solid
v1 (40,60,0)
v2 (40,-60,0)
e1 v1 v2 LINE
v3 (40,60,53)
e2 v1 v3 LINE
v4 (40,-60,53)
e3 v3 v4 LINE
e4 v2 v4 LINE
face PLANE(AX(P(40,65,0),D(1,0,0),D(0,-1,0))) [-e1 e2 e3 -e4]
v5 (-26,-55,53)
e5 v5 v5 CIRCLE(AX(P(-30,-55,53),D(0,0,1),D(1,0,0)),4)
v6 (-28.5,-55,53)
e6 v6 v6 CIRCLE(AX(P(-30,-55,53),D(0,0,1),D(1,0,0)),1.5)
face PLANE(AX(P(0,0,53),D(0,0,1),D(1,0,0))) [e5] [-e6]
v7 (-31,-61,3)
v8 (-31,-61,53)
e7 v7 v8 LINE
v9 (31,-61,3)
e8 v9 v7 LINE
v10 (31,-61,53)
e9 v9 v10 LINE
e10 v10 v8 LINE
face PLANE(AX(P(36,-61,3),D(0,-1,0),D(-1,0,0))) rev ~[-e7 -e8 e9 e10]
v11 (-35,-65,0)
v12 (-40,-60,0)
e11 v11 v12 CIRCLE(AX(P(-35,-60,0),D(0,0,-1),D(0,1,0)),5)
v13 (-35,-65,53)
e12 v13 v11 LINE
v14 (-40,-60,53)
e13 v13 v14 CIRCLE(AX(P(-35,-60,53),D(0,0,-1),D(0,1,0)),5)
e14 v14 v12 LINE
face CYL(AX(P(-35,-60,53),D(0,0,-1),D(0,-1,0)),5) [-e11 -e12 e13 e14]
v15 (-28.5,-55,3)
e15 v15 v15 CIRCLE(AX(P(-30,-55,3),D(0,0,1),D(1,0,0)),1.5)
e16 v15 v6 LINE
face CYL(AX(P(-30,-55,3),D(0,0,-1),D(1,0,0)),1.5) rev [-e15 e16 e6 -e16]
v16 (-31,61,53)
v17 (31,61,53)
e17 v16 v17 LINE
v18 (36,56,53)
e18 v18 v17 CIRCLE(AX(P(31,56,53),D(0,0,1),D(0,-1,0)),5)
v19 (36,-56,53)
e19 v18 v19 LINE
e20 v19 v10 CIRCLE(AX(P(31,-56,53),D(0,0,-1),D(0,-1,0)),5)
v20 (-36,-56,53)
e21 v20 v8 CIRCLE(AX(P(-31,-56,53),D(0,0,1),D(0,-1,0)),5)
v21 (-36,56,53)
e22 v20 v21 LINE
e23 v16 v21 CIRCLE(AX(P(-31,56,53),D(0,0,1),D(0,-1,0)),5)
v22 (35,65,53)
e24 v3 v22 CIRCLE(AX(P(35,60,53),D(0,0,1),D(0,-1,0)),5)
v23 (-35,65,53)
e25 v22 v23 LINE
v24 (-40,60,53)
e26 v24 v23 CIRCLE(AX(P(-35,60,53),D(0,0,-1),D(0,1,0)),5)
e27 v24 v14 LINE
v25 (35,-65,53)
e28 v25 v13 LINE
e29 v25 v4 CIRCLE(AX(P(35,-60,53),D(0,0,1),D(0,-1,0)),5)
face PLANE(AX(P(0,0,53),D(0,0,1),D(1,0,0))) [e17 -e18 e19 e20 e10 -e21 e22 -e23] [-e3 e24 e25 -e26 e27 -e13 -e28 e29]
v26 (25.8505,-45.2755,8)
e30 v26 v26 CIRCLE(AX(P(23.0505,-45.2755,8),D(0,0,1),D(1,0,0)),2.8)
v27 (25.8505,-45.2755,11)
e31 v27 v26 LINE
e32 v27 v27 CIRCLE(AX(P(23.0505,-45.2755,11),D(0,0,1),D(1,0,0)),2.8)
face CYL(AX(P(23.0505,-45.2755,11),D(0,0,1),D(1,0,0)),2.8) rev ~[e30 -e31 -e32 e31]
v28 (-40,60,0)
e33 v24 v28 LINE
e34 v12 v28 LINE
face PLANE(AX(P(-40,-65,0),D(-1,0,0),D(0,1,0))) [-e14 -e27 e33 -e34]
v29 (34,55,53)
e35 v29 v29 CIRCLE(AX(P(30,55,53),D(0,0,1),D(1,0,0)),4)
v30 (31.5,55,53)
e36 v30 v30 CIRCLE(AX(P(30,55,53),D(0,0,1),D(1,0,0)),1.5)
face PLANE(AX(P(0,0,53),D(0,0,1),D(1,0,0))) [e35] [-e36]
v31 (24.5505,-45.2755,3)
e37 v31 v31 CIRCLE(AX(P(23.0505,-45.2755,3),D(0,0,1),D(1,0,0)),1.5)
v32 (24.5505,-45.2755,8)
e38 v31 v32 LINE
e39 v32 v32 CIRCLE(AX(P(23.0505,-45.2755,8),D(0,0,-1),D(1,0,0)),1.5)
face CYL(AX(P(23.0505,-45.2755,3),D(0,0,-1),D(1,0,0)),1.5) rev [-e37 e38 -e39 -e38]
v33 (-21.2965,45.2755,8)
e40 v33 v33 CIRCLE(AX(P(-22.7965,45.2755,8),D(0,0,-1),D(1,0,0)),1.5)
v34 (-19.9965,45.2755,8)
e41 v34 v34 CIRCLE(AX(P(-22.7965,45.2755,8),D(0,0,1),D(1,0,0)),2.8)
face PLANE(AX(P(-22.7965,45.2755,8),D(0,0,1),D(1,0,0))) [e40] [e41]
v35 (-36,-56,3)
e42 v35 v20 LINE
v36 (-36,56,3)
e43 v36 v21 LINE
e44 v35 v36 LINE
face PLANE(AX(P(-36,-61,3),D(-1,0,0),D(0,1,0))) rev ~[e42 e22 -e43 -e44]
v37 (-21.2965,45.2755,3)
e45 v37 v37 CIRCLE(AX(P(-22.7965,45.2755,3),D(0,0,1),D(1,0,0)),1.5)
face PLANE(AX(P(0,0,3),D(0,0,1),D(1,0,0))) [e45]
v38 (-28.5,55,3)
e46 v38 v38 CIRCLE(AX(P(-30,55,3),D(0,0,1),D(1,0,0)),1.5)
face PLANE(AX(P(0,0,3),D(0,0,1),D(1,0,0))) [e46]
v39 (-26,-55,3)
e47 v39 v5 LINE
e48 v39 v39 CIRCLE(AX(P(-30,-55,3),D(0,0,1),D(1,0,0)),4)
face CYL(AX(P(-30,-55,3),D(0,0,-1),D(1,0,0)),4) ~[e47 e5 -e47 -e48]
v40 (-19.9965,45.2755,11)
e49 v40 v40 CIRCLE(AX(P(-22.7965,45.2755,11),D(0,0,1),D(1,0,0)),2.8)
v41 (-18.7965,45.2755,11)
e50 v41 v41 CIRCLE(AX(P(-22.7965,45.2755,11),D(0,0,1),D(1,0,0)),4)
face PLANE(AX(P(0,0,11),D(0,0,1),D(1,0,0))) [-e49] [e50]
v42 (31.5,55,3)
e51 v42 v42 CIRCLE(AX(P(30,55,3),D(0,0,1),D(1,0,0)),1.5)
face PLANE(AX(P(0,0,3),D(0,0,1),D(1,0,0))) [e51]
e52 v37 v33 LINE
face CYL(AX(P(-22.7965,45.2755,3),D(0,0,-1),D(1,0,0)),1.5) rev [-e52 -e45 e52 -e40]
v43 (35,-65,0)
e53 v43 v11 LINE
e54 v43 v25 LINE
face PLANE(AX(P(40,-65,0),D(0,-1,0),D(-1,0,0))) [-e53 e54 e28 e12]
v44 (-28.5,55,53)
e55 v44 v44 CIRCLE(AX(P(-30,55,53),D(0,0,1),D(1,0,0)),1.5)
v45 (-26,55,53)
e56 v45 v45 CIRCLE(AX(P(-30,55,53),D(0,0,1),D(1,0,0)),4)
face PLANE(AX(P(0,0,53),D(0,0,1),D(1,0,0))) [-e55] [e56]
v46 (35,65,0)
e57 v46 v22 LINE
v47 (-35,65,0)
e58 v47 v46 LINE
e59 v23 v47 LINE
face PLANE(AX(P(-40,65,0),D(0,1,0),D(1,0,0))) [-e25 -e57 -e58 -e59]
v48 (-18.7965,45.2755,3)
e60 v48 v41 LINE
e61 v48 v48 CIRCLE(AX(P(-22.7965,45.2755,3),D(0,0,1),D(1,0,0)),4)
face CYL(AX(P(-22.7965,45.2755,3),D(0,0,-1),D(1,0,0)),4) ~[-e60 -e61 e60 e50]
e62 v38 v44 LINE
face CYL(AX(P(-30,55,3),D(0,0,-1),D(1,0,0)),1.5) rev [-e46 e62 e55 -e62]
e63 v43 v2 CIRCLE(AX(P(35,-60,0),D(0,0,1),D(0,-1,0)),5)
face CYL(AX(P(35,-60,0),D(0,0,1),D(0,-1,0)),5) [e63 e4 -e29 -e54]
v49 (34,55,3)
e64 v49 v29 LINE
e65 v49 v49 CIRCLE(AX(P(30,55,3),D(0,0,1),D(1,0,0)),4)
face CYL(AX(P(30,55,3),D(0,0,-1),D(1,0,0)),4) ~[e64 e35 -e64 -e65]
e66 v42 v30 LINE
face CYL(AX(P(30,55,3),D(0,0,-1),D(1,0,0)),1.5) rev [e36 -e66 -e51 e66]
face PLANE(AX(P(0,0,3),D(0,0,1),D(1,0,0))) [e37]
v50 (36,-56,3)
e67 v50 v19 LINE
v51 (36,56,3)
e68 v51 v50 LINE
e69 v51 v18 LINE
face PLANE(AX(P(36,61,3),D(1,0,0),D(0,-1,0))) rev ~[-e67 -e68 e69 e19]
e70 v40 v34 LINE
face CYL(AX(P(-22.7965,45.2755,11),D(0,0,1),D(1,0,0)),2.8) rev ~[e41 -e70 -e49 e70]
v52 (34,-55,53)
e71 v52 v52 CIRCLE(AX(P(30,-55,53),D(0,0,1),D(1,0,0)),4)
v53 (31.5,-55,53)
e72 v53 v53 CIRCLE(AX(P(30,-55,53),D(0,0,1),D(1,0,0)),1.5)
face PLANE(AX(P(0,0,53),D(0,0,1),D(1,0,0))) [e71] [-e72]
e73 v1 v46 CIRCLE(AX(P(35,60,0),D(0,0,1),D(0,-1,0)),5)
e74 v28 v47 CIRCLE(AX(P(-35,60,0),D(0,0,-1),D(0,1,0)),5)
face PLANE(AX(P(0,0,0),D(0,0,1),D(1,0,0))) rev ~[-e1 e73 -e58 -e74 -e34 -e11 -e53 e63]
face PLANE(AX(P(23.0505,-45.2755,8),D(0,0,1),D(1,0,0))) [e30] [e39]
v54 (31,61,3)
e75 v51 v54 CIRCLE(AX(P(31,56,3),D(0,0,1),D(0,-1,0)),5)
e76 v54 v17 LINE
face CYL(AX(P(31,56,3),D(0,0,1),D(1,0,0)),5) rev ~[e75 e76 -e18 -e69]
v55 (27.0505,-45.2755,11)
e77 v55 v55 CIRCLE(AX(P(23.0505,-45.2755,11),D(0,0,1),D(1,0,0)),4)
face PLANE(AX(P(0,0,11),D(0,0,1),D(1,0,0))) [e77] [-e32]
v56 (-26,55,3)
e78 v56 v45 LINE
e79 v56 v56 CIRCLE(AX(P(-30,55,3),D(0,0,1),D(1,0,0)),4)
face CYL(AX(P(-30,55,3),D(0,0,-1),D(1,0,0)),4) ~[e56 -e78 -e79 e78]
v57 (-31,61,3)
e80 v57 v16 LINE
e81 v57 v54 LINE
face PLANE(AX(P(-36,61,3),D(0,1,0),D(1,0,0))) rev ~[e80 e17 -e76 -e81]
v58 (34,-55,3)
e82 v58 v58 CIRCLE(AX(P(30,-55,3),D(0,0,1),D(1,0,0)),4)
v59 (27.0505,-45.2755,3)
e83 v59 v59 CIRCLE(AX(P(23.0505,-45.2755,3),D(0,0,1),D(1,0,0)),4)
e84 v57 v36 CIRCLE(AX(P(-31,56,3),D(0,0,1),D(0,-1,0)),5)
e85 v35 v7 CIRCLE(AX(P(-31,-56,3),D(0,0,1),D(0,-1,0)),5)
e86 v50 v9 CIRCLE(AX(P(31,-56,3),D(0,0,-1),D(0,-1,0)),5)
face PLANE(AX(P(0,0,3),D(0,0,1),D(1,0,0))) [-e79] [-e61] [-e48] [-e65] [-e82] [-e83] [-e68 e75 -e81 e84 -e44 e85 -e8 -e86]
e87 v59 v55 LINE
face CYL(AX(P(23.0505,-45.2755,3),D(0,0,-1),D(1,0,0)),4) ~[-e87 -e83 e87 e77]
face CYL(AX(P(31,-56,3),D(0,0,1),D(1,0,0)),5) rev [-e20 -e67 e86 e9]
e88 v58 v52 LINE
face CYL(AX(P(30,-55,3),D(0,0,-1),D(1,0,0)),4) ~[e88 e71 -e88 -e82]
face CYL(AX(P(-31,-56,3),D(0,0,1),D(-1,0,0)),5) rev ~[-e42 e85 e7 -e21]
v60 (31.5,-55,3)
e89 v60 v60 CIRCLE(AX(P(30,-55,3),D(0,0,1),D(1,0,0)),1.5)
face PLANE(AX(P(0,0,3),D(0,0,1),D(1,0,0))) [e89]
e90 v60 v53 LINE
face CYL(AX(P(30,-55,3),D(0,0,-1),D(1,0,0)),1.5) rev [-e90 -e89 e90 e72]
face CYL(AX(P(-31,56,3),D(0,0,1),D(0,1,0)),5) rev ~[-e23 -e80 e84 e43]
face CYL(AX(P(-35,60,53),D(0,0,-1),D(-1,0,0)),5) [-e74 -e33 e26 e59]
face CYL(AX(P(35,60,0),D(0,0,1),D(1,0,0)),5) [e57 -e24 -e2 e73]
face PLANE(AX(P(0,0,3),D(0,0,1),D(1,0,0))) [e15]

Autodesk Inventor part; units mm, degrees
ref_plane "YZ Plane" through (0, 0, 0) normal (1, 0, 0) x (0, 1, 0)
ref_plane "XZ Plane" through (0, 0, 0) normal (0, 1, 0) x (-1, 0, 0)
ref_plane "XY Plane" through (0, 0, 0) normal (0, 0, 1) x (1, 0, 0)
sketch "Sketch1" plane through (0, 0, 0) normal (0, 0, 1) x (1, 0, 0)
  line L0 (40, -65) -> (-40, -65)
  line L1 (-40, -65) -> (-40, 65)
  line L2 (-40, 65) -> (40, 65)
  line L3 (40, 65) -> (40, -65)
  line L4 (40, -65) -> (-40, 65) construction
  line L5 (-40, -65) -> (40, 65) construction
  point P0 (0, 0)
  dimension "d0" = 80
  dimension "d1" = 130
extrude "Extrusion1" add sketch "Sketch1" along normal blind 3
sketch "Sketch4" plane through (0, 0, 3) normal (0, 0, 1) x (1, 0, 0)
  line L0 (26.4795, -48.7045) -> (-26.4795, 48.7045) construction
  line L1 (-26.4795, -48.7045) -> (26.4795, 48.7045) construction
  circle A0 centre (-22.7965, 45.2755) radius 1.5
  circle A1 centre (23.0505, -45.2755) radius 1.5
  circle A2 centre (-22.7965, 45.2755) radius 4
  circle A3 centre (23.0505, -45.2755) radius 4
  point P0 (0, 0)
  dimension "d13" = 52.959
  dimension "d14" = 97.409
  dimension "d17" = 3
  dimension "d20" = 3
  dimension "d36" = 8
  dimension "d37" = 8
sketch "Sketch5" plane through (0, 0, 3) normal (0, 0, 1) x (1, 0, 0)
  line L0 (-40, 65) -> (-40, -65) projected
  line L1 (40, -65) -> (-40, -65)
  line L2 (-40, -65) -> (-40, 65)
  line L3 (40, 65) -> (40, -65)
  line L4 (36, -61) -> (-36, -61)
  line L5 (-36, -61) -> (-36, 61)
  line L6 (-36, 61) -> (36, 61)
  line L7 (36, 61) -> (36, -61)
  line L8 (40, 65) -> (-40, 65) projected
  line L9 (40, 65) -> (-40, 65)
  line L10 (-40, -65) -> (40, -65) projected
  point P0 (0, 0)
  dimension "d28" = 72
  dimension "d29" = 122
  dimension "d30" = 61
  dimension "d33" = 36
  dimension "d34" = 130
  dimension "d35" = 80
  dimension "d50" = 0
extrude "Extrusion4" add sketch "Sketch5" along normal blind 50
extrude "Extrusion5" add sketch "Sketch4" along normal blind 8
sketch "Sketch7" plane through (-22.7965, 45.2755, 11) normal (0, 0, 1) x (1, 0, 0)
  circle A0 centre (0, 0) radius 2.8
  point P0 (22.7965, -45.2755)
  dimension "d40" = 5.6
extrude "Extrusion6" cut sketch "Sketch7" against normal blind 3
sketch "Sketch8" plane through (23.0505, -45.2755, 11) normal (0, 0, 1) x (1, 0, 0)
  circle A0 centre (0, 0) radius 2.8
  point P0 (-23.0505, 45.2755)
  dimension "d43" = 5.6
extrude "Extrusion7" cut sketch "Sketch8" against normal blind 3
sketch "Sketch11" plane through (0, 0, 3) normal (0, 0, 1) x (1, 0, 0)
  circle A0 centre (-30, 55) radius 4
  circle A1 centre (30, 55) radius 4
  circle A2 centre (30, -55) radius 4
  circle A3 centre (-30, -55) radius 4
  line L0 (40, 65) -> (-40, 65) projected
  line L1 (-40, -65) -> (40, -65) projected
  circle A4 centre (-30, 55) radius 1.5
  circle A5 centre (30, 55) radius 1.5
  circle A6 centre (-30, -55) radius 1.5
  circle A7 centre (30, -55) radius 1.5
  point P0 (0, 0)
  dimension "d51" = 8
  dimension "d52" = 8
  dimension "d53" = 8
  dimension "d54" = 8
  dimension "d55" = 10
  dimension "d56" = 10
  dimension "d57" = 10
  dimension "d58" = 10
  dimension "d59" = 30
  dimension "d60" = 30
  dimension "d61" = 30
  dimension "d62" = 30
  dimension "d63" = 3
  dimension "d64" = 3
  dimension "d65" = 3
  dimension "d66" = 3
extrude "Extrusion8" add sketch "Sketch11" along normal blind 50
fillet "Fillet1" radius 5 8 edges at (40, -65, 26.5) (-40, -65, 26.5) (-40, 65, 26.5) (40, 65, 26.5) (-36, -61, 28) (36, -61, 28) (-36, 61, 28) (36, 61, 28)
properties part number "theMonarchPCBHolder"
